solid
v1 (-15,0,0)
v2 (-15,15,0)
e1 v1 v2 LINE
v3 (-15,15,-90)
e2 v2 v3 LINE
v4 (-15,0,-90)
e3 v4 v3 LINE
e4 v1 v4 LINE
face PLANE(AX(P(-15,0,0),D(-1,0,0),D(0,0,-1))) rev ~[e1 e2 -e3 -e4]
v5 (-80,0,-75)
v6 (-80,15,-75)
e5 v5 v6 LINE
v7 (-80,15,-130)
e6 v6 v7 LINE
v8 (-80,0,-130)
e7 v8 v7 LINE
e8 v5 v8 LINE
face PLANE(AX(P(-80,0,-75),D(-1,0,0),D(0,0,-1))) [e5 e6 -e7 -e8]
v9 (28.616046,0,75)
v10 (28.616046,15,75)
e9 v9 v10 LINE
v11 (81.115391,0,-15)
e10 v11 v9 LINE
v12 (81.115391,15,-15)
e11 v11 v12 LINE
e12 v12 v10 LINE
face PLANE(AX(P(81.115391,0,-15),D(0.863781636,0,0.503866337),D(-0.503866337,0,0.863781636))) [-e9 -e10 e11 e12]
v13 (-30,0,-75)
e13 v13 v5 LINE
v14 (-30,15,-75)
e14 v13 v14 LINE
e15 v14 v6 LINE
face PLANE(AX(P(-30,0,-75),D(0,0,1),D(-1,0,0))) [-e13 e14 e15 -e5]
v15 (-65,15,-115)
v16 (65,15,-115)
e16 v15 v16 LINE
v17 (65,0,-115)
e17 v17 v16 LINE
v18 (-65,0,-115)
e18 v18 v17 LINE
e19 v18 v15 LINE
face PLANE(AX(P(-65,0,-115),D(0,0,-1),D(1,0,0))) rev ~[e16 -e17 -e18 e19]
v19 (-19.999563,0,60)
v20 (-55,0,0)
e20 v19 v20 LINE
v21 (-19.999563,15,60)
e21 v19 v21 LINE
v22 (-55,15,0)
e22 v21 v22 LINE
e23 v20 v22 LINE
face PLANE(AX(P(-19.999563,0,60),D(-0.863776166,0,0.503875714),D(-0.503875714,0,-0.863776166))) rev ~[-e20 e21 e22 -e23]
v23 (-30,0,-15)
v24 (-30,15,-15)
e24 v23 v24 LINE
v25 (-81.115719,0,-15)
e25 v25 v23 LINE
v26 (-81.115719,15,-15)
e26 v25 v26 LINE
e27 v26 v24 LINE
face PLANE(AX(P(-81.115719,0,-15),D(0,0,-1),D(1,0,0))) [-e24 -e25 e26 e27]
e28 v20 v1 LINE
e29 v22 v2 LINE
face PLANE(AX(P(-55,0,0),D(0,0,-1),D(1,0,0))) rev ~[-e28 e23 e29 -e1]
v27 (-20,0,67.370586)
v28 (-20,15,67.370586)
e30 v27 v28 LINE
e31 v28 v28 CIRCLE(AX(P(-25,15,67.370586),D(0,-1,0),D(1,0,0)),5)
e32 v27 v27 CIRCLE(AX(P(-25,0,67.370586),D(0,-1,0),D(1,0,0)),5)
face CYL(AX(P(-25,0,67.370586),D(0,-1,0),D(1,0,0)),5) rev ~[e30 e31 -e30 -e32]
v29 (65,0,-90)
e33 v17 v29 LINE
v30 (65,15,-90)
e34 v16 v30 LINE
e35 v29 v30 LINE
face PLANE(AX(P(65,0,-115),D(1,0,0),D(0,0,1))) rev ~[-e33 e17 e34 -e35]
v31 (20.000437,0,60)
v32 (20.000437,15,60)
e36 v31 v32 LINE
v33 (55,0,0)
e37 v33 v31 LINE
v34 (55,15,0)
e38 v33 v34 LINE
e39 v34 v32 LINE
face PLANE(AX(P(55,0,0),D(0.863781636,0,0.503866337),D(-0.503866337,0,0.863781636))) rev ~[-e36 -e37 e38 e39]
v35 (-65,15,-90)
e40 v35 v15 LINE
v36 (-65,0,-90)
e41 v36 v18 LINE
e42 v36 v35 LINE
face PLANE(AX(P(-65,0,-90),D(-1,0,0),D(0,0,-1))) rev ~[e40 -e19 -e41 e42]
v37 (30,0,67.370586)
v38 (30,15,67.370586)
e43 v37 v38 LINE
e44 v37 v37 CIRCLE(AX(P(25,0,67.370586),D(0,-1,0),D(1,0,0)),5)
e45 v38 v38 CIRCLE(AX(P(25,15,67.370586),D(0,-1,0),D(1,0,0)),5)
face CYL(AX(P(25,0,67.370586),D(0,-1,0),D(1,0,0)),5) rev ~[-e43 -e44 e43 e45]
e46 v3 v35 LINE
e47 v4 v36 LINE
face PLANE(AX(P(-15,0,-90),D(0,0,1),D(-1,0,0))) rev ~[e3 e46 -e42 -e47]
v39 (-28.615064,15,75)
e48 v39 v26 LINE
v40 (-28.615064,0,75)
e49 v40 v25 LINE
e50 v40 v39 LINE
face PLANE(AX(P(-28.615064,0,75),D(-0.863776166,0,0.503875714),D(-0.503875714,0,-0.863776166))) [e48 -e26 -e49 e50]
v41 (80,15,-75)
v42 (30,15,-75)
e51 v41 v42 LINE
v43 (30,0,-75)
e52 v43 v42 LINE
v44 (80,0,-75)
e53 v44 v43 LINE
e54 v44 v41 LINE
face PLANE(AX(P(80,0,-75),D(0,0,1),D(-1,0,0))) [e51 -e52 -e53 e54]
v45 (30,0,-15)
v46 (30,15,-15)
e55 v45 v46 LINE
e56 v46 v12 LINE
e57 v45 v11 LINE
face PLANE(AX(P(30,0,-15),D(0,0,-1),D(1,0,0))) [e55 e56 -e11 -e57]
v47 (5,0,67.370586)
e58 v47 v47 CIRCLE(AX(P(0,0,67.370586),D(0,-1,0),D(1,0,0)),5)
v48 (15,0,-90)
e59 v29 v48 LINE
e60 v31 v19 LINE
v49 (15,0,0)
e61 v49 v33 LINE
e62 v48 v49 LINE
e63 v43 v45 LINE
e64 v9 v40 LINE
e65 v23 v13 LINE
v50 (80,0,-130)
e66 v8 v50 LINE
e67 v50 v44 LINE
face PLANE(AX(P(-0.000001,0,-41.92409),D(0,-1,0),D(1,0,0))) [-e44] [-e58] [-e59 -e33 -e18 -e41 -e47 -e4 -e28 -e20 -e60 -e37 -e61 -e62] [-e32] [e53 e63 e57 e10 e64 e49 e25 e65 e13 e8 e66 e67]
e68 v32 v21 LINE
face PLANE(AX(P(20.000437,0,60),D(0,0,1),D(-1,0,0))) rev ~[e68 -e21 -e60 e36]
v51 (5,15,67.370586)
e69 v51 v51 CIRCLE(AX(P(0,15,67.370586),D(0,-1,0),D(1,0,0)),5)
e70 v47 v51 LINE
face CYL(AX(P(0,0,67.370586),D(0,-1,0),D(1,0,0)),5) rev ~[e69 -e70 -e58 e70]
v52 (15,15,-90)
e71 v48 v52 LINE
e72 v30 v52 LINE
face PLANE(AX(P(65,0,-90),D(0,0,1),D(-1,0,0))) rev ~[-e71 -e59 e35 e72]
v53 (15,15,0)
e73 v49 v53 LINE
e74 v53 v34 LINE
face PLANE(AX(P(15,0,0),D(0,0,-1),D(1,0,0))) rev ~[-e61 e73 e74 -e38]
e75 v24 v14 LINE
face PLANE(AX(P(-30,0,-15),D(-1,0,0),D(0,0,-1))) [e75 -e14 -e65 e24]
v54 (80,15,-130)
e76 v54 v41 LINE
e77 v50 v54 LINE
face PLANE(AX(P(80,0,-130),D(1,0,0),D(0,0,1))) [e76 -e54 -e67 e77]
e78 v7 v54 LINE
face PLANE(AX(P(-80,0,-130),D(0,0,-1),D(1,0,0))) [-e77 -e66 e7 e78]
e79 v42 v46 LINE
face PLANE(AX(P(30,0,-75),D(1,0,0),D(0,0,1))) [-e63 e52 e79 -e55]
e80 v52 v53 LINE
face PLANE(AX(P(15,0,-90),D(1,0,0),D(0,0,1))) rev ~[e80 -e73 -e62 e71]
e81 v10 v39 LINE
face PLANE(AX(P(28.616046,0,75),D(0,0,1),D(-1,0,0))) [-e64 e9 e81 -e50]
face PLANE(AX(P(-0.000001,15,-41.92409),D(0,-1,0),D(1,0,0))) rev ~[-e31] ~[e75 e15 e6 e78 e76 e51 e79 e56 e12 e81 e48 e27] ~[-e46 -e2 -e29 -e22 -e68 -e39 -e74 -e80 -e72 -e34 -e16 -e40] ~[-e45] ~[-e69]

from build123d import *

# Parameters (mm, degrees)
F1_R     = 5
F2_DEPTH = 15
F3_DEPTH = 15.001


with BuildPart() as f2:
    # F1 (on Front) → F2 (new body)
    with BuildSketch(Plane.XZ):
        Polygon((-30, -75), (-80, -75), (-80, -130), (80, -130), (80, -75), (30, -75), (30, -15), (81.1153908707, -15), (28.6160456463, 75), (-28.6150643279, 75), (-81.1157191034, -15), (-30, -15), align=None)
        with Locations((-25, 67.3705860972)):
            Circle(F1_R, mode=Mode.SUBTRACT)
        with Locations((0, 67.3705860972)):
            Circle(F1_R, mode=Mode.SUBTRACT)
        with Locations((25, 67.3705860972)):
            Circle(F1_R, mode=Mode.SUBTRACT)
    extrude(amount=-F2_DEPTH)

    # F0 (on Front) → F3 (cut, through all)
    with BuildSketch(Plane.XZ):
        Polygon((20.000436517, 60), (-19.999563483, 60), (-55, 0), (-15, 0), (-15, -90), (-65, -90), (-65, -115), (65, -115), (65, -90), (15, -90), (15, 0), (55, 0), align=None)
    extrude(amount=-F3_DEPTH, mode=Mode.SUBTRACT)


solid = f2.part
